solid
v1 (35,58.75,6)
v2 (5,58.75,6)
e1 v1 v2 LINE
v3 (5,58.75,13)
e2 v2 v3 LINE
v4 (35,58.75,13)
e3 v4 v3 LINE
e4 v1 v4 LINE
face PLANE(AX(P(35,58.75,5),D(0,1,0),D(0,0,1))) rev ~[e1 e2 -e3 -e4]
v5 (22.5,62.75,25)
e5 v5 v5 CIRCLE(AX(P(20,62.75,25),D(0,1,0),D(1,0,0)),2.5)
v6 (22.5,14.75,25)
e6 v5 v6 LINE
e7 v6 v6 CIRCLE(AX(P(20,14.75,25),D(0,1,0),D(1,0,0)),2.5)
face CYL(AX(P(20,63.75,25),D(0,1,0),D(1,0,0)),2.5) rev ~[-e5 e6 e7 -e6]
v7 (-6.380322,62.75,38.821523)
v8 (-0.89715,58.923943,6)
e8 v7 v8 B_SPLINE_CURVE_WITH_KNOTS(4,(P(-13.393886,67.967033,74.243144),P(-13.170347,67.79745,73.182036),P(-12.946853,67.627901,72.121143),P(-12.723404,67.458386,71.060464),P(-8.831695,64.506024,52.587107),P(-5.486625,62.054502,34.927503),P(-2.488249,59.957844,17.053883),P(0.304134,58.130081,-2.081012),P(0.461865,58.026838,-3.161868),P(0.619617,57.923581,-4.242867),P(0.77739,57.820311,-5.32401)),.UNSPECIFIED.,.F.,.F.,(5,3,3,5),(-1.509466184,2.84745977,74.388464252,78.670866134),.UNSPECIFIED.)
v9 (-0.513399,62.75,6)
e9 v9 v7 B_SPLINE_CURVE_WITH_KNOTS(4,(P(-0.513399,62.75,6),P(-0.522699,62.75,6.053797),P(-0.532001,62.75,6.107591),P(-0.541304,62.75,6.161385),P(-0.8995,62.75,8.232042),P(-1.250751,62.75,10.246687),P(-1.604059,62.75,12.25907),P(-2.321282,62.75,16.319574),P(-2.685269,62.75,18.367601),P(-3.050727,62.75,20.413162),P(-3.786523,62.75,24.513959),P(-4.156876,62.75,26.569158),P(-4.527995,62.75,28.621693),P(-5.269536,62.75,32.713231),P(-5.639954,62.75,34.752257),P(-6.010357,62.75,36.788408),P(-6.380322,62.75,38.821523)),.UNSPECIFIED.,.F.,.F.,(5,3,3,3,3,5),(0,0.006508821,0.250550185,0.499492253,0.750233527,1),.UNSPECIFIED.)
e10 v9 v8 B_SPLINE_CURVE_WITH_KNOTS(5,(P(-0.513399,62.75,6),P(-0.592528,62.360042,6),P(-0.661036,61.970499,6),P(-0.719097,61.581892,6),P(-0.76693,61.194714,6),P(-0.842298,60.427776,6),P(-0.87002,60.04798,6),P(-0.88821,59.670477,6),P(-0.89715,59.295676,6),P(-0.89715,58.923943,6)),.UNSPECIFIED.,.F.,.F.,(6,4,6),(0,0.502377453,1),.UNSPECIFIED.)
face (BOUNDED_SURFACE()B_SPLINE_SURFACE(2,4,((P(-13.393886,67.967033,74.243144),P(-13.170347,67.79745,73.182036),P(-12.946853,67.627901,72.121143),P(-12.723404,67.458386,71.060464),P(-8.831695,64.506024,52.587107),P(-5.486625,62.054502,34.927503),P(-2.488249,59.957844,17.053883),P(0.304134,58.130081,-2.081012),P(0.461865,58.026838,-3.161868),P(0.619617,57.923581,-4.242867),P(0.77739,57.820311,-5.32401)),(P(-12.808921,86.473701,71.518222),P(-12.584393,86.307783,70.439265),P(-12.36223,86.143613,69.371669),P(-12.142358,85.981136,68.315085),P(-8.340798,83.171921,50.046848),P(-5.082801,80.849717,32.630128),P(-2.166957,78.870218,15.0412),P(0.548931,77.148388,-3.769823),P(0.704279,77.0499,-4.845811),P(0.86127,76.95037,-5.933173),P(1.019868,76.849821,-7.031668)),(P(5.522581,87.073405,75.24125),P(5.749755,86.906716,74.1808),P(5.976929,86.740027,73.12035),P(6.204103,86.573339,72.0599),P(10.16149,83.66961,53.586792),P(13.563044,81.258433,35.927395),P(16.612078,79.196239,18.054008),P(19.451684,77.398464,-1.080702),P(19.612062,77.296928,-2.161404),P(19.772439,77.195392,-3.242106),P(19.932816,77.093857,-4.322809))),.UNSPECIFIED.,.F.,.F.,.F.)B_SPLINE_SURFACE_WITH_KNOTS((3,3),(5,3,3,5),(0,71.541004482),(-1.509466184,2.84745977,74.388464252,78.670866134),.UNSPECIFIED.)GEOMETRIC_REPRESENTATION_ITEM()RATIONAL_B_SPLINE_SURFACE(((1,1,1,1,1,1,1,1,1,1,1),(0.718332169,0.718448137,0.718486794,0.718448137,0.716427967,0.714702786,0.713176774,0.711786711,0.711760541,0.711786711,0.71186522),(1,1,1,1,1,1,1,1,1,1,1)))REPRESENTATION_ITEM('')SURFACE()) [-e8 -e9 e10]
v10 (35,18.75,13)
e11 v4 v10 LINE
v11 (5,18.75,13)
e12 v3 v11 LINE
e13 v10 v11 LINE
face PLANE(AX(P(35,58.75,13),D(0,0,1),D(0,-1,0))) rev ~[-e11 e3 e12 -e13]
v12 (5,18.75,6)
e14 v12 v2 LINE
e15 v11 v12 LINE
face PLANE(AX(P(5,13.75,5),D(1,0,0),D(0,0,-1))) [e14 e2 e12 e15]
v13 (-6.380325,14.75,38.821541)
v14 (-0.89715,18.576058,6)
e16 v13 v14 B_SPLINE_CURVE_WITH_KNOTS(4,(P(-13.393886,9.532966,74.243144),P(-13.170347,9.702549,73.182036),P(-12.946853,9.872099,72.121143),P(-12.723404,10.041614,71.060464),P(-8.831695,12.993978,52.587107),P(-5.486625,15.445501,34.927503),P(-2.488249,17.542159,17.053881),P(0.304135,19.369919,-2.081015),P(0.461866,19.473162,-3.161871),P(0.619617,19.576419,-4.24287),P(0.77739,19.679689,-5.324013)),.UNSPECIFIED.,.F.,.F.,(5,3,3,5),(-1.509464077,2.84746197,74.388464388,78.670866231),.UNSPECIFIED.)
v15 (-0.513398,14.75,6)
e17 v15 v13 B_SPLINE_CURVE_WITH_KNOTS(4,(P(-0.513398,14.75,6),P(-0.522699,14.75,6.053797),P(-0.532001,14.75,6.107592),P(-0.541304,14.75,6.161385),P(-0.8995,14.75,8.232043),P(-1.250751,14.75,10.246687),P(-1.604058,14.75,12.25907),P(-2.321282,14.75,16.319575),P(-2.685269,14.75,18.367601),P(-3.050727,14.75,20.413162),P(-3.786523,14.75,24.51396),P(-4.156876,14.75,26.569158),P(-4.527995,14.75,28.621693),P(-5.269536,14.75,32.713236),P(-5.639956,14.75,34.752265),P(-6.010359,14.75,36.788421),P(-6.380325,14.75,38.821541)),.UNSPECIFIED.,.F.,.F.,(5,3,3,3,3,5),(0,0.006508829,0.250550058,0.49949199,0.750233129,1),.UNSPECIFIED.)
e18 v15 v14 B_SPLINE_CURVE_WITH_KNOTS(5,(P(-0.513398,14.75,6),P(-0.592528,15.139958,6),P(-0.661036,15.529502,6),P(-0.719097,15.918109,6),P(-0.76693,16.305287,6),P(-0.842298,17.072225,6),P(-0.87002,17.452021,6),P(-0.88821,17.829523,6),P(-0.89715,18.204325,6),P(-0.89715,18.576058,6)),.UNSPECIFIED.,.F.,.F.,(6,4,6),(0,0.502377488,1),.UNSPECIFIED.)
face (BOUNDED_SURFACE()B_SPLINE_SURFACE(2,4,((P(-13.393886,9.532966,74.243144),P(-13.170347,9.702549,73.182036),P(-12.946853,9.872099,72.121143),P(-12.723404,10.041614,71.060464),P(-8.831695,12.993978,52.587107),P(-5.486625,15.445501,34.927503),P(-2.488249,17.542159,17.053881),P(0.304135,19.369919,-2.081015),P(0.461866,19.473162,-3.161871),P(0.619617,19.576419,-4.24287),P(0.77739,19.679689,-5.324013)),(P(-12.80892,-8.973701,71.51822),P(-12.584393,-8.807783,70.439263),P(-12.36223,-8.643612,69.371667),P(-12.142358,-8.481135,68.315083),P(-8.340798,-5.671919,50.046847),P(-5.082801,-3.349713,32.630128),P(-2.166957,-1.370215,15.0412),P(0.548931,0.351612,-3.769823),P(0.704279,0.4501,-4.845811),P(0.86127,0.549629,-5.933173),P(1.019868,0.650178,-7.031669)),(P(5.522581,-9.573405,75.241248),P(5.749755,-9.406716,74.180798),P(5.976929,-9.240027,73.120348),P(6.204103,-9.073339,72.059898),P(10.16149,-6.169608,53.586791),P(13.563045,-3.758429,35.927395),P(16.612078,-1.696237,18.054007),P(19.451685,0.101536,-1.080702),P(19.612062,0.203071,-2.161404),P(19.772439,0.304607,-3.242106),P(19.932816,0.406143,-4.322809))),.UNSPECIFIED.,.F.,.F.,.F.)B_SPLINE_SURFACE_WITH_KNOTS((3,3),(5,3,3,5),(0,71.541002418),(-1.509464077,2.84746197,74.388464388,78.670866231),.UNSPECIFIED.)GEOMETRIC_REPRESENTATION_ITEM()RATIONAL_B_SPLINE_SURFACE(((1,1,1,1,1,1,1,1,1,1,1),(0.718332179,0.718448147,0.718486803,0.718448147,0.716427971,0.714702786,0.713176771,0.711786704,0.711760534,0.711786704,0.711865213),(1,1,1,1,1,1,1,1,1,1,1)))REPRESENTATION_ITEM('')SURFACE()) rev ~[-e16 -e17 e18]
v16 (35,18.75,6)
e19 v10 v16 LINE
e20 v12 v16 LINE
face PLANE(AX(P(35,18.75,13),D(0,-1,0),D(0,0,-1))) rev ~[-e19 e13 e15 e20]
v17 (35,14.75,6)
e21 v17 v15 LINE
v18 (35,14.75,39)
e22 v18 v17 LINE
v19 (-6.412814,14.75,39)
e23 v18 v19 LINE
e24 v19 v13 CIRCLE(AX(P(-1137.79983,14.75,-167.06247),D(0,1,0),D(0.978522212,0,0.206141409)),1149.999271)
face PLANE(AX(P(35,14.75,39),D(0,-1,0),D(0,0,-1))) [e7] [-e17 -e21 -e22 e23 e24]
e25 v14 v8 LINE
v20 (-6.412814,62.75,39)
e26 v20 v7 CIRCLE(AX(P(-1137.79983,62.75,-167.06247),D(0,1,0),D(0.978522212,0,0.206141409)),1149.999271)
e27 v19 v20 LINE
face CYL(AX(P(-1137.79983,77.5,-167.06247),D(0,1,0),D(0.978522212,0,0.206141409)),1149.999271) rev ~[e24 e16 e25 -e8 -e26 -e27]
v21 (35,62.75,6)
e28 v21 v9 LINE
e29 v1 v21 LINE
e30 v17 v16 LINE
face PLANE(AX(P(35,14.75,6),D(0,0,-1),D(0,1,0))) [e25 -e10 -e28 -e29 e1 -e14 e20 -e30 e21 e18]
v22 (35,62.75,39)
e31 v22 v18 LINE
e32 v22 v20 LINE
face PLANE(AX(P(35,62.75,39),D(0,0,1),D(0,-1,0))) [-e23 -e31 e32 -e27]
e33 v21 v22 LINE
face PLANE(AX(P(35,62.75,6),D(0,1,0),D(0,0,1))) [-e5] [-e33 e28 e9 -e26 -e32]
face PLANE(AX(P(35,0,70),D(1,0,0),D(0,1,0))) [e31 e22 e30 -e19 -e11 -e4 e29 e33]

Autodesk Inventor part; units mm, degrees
ref_plane "YZ Plane" through (0, 0, 0) normal (1, 0, 0) x (0, 1, 0)
ref_plane "XZ Plane" through (0, 0, 0) normal (0, 1, 0) x (-1, 0, 0)
ref_plane "XY Plane" through (0, 0, 0) normal (0, 0, 1) x (1, 0, 0)
sketch "Sketch1" plane through (0, 0, 0) normal (0, 0, 1) x (1, 0, 0)
  line L0 (0, 0) -> (70, 0)
  line L1 (70, 0) -> (70, 77.5)
  line L2 (70, 77.5) -> (0, 77.5)
  line L3 (0, 77.5) -> (0, 0)
  dimension "d0" = 70
  dimension "d1" = 77.5
extrude "Extrusion1" add sketch "Sketch1" along normal blind 70
sketch "Sketch3" plane through (0, 0, 70) normal (0, 0, 1) x (1, 0, 0)
  line L0 (0, 0) -> (70, 0) projected
  line L1 (70, 77.5) -> (0, 77.5) projected
  line L2 (70, 0) -> (35, 0)
  line L3 (35, 0) -> (35, 77.5)
  line L4 (35, 77.5) -> (70, 77.5)
  line L5 (70, 77.5) -> (70, 0)
extrude "Extrusion3" cut sketch "Sketch3" against normal through all
sketch "Sketch4" plane through (0, 77.5, 70) normal (0, 1, 0) x (1, 0, 0)
  line L0 (0, 70) -> (0, 0) projected
  line L1 (0, 0) -> (-12.5, 0)
  line L2 (35, 70) -> (0, 70) projected
  arc A0 (-12.5, 0) -> (0, 70) centre (-1137.8005, 237.0626) ccw
  line L3 (-12.5, -10) -> (35, -10) construction
  dimension "d9" = 1150
  dimension "d54" = 47.5
  dimension "d55" = 10
extrude "Extrusion4" add sketch "Sketch4" against normal blind 77.5
sketch "Sketch5" plane through (35, 0, 70) normal (1, 0, 0) x (0, 0, -1)
  line L0 (0, 77.5) -> (0, 86.25)
  line L1 (0, 0) -> (0, -8.75)
  line L2 (0, 0) -> (0, 77.5) projected
  line L3 (70, 77.5) -> (70, 0) projected
  arc A0 (0, 86.25) -> (70, 77.5) centre (177.5728, 1222.4577) ccw
  arc A1 (70, 0) -> (0, -8.75) centre (177.5728, -1144.9577) ccw
  line L4 (0, 77.5) -> (70, 77.5) projected
  line L5 (70, 0) -> (0, 0) projected
  line L6 (-10, 86.25) -> (-10, -8.75) construction
  point P0 (-10, 38.75)
  point P1 (0, 38.75)
  dimension "d14" = 1150
  dimension "d15" = 1150
  dimension "d52" = 10
  dimension "d53" = 95
extrude "Extrusion5" add sketch "Sketch5" against normal blind 55 contours L0 A0 L4 | L5 A1 L1
sketch "Sketch6" plane through (-20, 0, 0) normal (0, 1, 0) x (1, 0, 0)
  line L0 (20, 0) -> (0, 0) projected
  line L1 (0, -70) -> (0, 0) projected
  arc A0 (7.5, -70) -> (20, 0) centre (-1117.8005, 167.0626) ccw projected
  line L2 (7.5, -70) -> (0, -70) projected
extrude "Extrusion6" cut sketch "Sketch6" along normal through all both and the other way through all
fillet "Fillet3" radius 19.35 2 edges at (-5.7463, 81.368, 35.3063) (-5.7463, -3.868, 35.3063)
sketch "Sketch8" plane through (0, 0, 70) normal (0, 0, 1) x (1, 0, 0)
  line L0 (35, 86.25) -> (35, -8.75) projected
  line L1 (35, 77.5) -> (35, 0) projected
  circle A0 centre (35, 38.75) radius 35
  point P0 (0, 0)
  dimension "d23" = 70
extrude "Extrusion7" cut sketch "Sketch8" against normal blind 17.5
sketch "Sketch17" plane through (35, 0, 0) normal (1, 0, 0) x (0, 0, -1)
  line L0 (-5, 13.75) -> (-40, 13.75)
  line L1 (-40, 13.75) -> (-40, 63.75)
  line L2 (-40, 63.75) -> (-5, 63.75)
  line L3 (-5, 63.75) -> (-5, 13.75)
  line L4 (0, 77.5) -> (0, 0) projected
  line L5 (-70, 86.25) -> (-70, 73.75) projected
  arc A0 (-70, 86.25) -> (0, 77.5) centre (107.5728, 1222.4577) ccw projected
  line L6 (-70, 3.75) -> (-70, 73.75) projected
  line L7 (-70, 3.75) -> (-70, -8.75) projected
  arc A1 (0, 0) -> (-70, -8.75) centre (107.5728, -1144.9577) ccw projected
  point P0 (-5, 38.75)
  point P1 (0, 38.75)
  dimension "d62" = 35
  dimension "d63" = 50
  dimension "d77" = 5
extrude "Extrusion15" cut sketch "Sketch17" against normal through all
sketch "Sketch21" plane through (35, 13.75, 5) normal (1, 0, 0) x (0, 0, -1)
  line L0 (-8, 5) -> (0, 5)
  line L1 (0, 5) -> (0, 45)
  line L2 (0, 45) -> (-8, 45)
  line L3 (-8, 45) -> (-8, 5)
  line L4 (0, 0) -> (0, 50) projected
  point P0 (5, -13.75)
  point P1 (-35, 25)
  point P2 (0, 25)
  dimension "d78" = 40
  dimension "d79" = 8
extrude "Extrusion19" cut sketch "Sketch21" against normal blind 30
sketch "Sketch22" plane through (35, 63.75, 40) normal (0, 1, 0) x (1, 0, 0)
  line L0 (0, 35) -> (0, 0) projected
  circle A0 centre (-15, 15) radius 2.5
  line L1 (0, 35) -> (-35.1041, 35) projected
  point P0 (-35, 40)
  dimension "d82" = 5
  dimension "d90" = 20
  dimension "d91" = 15
extrude "Extrusion20" cut sketch "Sketch22" against normal through all
sketch "Sketch23" plane through (35, 13.75, 40) normal (1, 0, 0) x (0, 0, -1)
  line L0 (35, 5) -> (27, 5) construction
  line L1 (27, 5) -> (27, 45) construction
  line L2 (27, 45) -> (35, 45) construction
  line L3 (35, 45) -> (35, 50) construction
  line L4 (35, 50) -> (0, 50) construction
  line L5 (0, 50) -> (0, 0) construction
  line L6 (0, 0) -> (35, 0) construction
  line L7 (35, 0) -> (35, 5) construction
  line L8 (35, 50) -> (0, 50) projected
  line L9 (0, 50) -> (35, 50)
  line L10 (35, 50) -> (35, 0)
  line L11 (35, 0) -> (0, 0)
  line L12 (0, 0) -> (0, 50)
  line L13 (34, 1) -> (34, 49)
  line L14 (34, 49) -> (1, 49)
  line L15 (1, 49) -> (1, 1)
  line L16 (1, 1) -> (34, 1)
  point P0 (40, -13.75)
  dimension "d86" = 1
extrude "Extrusion21" cut sketch "Sketch23" against normal through all
properties part number "AA016" material "ABS Plastic"
